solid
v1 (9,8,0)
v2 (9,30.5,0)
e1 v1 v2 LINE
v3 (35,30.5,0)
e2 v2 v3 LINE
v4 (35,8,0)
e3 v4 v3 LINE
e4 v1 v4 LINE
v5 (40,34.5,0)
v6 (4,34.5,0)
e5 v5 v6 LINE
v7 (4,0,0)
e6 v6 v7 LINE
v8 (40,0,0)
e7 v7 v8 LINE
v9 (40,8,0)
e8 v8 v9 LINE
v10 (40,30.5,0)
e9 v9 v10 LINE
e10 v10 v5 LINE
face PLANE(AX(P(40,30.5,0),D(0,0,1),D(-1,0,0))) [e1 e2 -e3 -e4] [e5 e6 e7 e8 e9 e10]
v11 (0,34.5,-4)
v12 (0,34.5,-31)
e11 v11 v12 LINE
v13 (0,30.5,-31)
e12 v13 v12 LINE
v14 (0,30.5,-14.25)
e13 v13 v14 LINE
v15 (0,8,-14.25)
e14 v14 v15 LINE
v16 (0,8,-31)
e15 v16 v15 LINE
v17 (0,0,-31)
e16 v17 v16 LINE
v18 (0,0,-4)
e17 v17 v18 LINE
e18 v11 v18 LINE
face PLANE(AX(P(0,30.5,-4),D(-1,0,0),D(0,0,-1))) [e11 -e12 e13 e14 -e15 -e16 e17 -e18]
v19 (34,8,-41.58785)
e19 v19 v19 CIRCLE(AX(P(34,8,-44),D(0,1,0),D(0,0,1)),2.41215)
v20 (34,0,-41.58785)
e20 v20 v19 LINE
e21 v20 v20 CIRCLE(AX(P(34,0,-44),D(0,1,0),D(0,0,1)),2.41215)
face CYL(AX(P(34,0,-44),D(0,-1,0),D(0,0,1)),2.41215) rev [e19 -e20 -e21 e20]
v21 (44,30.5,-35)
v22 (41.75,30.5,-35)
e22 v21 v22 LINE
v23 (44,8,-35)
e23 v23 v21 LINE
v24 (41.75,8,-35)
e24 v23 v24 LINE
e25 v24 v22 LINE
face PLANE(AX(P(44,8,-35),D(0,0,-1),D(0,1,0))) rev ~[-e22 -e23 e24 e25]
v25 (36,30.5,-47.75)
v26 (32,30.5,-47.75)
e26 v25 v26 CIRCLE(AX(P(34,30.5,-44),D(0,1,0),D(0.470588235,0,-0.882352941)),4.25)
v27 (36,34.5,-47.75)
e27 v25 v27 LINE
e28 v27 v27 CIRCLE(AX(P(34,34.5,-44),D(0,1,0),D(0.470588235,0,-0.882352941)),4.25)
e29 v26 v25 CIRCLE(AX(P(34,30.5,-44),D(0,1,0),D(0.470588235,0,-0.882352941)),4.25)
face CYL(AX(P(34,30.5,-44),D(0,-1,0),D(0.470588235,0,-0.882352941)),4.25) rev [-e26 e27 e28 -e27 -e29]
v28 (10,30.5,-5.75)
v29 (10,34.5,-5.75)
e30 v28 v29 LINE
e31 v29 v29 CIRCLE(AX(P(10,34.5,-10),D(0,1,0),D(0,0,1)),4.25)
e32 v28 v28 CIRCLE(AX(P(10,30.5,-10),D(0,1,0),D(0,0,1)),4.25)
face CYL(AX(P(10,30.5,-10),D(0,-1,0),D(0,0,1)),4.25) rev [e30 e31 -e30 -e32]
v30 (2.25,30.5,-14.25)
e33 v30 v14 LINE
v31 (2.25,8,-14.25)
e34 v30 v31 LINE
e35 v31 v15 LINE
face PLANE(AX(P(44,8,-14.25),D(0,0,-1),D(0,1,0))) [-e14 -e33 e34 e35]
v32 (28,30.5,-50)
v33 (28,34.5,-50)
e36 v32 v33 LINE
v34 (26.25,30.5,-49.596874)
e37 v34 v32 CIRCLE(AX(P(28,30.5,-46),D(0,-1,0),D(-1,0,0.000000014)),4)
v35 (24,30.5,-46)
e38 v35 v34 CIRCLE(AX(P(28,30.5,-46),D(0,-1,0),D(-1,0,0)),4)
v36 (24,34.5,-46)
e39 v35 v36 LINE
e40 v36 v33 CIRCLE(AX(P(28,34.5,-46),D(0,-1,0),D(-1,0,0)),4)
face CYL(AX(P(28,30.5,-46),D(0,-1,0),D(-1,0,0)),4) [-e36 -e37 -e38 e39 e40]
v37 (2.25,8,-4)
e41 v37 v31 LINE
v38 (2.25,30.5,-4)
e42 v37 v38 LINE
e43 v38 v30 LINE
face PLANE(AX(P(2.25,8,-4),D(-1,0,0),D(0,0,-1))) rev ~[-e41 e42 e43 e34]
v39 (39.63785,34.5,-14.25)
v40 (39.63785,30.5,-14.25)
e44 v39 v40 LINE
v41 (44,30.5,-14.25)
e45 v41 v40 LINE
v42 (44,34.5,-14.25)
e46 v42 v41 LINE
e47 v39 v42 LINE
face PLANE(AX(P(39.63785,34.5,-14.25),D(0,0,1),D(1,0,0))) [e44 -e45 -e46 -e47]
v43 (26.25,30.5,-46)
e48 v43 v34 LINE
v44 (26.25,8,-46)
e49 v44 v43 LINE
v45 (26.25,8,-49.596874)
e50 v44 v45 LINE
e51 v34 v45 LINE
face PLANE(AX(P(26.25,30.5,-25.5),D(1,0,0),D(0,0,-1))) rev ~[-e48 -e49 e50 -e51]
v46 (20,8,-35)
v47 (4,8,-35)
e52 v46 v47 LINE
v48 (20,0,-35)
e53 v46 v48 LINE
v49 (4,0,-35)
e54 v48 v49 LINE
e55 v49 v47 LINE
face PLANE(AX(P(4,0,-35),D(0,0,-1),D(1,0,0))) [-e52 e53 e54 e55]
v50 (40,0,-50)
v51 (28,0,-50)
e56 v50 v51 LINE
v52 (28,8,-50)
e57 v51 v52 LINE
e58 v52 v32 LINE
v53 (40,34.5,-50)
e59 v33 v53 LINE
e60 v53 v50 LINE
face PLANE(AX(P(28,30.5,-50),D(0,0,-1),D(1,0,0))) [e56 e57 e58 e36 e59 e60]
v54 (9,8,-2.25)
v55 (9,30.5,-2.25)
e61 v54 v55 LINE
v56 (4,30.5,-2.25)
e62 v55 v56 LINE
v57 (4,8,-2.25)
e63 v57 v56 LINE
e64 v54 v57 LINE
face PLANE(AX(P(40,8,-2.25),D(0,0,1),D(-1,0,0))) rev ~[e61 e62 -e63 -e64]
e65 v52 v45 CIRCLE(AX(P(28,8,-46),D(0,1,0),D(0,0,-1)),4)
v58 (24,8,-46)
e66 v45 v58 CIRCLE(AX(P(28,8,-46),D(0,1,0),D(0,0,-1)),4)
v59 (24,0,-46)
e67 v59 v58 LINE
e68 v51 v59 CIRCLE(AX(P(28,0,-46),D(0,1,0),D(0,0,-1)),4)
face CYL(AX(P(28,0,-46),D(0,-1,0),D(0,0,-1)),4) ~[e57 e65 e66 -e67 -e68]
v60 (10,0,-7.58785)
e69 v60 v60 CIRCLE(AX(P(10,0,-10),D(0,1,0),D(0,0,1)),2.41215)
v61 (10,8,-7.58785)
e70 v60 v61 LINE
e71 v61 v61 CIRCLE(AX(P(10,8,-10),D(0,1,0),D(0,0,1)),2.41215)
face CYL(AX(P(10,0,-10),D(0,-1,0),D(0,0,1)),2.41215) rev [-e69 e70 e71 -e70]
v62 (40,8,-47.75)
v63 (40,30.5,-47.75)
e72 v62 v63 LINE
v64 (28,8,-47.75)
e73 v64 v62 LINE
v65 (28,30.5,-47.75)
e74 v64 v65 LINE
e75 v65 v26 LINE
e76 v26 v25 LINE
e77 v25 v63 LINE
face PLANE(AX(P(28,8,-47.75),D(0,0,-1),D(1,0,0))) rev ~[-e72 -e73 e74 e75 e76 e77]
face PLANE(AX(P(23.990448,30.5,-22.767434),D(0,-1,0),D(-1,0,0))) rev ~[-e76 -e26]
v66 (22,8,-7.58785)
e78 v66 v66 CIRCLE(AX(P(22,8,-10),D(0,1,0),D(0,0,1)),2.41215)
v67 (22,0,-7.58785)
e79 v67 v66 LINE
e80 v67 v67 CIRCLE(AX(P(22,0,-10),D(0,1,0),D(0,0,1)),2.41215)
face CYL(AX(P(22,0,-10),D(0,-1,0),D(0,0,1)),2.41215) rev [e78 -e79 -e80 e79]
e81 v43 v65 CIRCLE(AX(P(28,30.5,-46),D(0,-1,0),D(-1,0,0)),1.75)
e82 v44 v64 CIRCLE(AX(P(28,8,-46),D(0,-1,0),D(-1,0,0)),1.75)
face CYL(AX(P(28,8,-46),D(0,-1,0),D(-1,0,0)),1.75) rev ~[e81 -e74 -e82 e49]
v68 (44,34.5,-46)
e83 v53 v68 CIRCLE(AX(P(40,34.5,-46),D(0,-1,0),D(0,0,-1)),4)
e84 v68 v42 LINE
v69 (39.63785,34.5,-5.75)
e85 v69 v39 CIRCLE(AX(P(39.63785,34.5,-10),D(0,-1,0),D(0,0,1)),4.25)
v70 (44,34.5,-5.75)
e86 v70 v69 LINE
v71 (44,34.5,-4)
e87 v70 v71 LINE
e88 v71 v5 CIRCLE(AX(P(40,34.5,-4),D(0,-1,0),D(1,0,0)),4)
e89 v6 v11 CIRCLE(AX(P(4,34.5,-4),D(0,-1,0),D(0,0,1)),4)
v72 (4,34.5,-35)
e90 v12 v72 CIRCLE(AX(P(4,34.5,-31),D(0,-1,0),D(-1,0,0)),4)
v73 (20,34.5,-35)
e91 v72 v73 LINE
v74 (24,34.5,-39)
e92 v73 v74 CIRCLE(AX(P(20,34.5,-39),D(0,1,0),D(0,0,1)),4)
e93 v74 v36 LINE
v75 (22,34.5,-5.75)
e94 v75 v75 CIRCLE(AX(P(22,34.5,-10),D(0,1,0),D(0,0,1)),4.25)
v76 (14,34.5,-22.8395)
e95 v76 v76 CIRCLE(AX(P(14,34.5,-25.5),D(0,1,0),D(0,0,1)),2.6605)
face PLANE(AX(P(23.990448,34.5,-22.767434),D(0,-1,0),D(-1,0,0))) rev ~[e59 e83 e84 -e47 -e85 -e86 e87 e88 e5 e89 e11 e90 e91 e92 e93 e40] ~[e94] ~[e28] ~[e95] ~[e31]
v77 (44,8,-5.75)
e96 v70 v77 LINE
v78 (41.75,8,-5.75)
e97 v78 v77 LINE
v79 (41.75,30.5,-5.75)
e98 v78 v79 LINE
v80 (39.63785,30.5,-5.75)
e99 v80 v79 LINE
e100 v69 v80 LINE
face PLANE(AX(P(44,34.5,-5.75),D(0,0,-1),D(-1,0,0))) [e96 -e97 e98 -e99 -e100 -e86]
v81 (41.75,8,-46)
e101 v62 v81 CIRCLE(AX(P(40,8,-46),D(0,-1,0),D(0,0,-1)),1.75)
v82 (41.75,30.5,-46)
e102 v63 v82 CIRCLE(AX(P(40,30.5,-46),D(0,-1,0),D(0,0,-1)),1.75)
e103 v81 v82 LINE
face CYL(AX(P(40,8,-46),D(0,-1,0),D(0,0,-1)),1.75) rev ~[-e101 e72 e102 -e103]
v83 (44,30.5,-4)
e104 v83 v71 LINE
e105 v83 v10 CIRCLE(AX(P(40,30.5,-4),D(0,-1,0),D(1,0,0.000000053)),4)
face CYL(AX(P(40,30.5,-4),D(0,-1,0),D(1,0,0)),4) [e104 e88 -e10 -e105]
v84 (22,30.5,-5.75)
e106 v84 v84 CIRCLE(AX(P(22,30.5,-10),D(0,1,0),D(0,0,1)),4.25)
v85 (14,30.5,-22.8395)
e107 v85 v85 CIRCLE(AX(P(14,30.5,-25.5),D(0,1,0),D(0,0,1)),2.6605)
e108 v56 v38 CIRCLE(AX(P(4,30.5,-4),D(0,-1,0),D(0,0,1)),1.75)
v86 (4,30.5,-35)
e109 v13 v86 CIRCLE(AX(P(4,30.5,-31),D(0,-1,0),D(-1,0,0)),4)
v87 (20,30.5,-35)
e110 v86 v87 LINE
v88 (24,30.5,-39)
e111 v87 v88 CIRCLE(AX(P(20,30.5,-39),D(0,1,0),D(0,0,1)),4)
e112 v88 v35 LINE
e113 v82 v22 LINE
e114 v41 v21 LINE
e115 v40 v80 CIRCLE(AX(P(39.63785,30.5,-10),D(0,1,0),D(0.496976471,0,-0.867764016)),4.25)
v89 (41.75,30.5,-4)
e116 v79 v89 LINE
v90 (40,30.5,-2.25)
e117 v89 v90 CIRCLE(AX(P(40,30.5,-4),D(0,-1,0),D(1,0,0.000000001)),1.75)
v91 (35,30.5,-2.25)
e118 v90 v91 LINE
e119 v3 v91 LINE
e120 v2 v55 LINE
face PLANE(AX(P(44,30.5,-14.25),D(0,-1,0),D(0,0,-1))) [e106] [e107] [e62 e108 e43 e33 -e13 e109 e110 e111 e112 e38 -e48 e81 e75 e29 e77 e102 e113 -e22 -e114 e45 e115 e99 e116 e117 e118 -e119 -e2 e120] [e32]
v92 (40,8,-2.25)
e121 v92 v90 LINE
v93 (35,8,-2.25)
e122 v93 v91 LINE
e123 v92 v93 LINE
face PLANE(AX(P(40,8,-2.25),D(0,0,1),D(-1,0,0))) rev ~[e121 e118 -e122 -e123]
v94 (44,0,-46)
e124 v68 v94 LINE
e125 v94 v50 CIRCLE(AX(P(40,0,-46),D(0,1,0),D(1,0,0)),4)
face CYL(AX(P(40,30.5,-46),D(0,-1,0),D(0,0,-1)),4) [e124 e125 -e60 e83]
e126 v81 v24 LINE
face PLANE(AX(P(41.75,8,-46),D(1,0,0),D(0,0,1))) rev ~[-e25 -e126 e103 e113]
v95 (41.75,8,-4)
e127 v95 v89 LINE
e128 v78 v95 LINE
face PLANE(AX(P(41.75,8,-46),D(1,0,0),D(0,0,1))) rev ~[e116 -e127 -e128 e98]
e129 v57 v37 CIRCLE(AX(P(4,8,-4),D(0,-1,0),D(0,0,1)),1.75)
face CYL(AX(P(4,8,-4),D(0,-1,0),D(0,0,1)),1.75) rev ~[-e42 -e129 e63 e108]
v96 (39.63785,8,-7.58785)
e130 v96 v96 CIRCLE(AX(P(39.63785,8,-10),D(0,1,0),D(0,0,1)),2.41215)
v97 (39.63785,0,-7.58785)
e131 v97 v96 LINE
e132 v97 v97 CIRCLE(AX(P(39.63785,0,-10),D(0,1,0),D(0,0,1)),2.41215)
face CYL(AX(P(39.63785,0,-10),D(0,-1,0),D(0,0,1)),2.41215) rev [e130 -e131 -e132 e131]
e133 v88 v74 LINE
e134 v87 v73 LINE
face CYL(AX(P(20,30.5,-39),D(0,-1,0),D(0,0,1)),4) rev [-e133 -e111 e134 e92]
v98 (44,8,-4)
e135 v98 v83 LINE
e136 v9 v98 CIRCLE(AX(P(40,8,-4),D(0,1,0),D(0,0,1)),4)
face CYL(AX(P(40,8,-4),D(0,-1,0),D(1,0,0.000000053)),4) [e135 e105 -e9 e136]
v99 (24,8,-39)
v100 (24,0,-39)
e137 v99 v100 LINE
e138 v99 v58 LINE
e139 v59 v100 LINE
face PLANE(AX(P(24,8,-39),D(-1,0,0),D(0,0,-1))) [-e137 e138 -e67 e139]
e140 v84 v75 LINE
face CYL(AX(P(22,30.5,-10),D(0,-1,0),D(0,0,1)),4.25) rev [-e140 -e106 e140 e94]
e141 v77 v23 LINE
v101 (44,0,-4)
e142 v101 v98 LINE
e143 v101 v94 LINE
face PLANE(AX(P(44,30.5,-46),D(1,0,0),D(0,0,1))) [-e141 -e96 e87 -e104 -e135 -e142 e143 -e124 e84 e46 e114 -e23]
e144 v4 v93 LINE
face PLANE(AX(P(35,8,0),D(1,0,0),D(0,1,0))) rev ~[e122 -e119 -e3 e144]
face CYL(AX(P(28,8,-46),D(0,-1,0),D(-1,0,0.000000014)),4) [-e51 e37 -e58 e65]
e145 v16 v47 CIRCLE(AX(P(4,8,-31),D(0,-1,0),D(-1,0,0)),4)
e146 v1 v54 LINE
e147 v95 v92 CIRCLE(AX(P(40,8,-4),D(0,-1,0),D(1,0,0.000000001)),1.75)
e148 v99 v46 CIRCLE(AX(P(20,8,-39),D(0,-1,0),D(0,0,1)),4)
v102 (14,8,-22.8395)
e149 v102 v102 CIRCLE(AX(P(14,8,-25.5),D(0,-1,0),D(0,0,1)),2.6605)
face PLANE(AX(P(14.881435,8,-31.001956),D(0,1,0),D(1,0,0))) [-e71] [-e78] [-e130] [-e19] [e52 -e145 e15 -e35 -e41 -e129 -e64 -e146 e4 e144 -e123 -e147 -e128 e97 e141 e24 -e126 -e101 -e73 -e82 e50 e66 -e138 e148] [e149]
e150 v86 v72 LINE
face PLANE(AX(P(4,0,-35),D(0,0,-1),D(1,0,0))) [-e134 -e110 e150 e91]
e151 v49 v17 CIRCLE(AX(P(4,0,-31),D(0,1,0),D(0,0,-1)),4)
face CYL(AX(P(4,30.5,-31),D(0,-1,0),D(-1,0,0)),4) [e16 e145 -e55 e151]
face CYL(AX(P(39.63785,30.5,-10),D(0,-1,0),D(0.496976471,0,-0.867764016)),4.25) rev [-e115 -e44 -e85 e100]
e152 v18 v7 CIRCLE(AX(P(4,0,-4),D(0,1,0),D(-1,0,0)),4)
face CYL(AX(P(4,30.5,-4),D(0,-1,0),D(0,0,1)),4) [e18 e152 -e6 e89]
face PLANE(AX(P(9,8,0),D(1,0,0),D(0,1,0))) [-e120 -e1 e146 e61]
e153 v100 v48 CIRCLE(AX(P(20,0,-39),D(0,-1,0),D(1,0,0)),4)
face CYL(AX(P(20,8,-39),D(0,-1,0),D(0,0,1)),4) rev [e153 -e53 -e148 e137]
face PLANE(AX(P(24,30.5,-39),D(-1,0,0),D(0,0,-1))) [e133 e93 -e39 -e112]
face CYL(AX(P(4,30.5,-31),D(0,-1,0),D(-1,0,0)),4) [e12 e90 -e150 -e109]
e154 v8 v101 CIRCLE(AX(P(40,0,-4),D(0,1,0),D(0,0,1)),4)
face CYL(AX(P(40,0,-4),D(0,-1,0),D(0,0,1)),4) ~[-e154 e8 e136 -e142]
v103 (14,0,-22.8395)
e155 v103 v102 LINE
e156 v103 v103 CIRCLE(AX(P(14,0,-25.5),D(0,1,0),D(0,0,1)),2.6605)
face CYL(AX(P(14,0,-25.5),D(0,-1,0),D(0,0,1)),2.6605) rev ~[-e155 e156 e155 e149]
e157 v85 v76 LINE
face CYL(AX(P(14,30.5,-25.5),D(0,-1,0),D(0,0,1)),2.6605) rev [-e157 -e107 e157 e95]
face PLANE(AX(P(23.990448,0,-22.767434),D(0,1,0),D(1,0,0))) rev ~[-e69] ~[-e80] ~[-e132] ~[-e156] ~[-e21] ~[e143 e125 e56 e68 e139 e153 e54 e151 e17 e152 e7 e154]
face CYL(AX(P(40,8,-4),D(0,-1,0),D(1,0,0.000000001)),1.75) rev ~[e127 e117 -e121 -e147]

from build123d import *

# Parameters (mm, degrees)
SKETCH1_R           = 2.41215
SKETCH1_R_2         = 2.6605
BOSS_EXTRUDE1_DEPTH = 8
BOSS_EXTRUDE2_DEPTH = 22.5
CUT_EXTRUDE1_DEPTH  = 22.5
SKETCH4_R           = 4.25
SKETCH4_R_2         = 2.6605
BOSS_EXTRUDE3_DEPTH = 4
CUT_EXTRUDE2_REACH  = 77.008
SKETCH6_R           = 10
BOSS_EXTRUDE4_DEPTH = 6
SKETCH7_R           = 2.6605
SKETCH7_W           = 16
SKETCH7_H           = 5
CUT_EXTRUDE3_DEPTH  = 76.00833287
SKETCH8_W           = 20.75
SKETCH8_H           = 22.5
CUT_EXTRUDE4_DEPTH  = 76.00833287
SKETCH9_W           = 26
SKETCH9_H           = 22.5
CUT_EXTRUDE5_DEPTH  = 2.25


with BuildPart() as part:
    # Sketch1 → Boss-Extrude1 (new body)
    with BuildSketch(Plane(origin=(0, 0, 0), x_dir=(1, 0, 0), z_dir=(0, 1, 0))):
        with BuildLine():
            Line((4, 0), (40, 0))
            ThreePointArc((40, 0), (42.828427125, 1.171572875), (44, 4))
            Line((44, 4), (44, 46))
            ThreePointArc((44, 46), (42.828427125, 48.828427125), (40, 50))
            Line((40, 50), (28, 50))
            ThreePointArc((28, 50), (25.171572875, 48.828427125), (24, 46))
            Line((24, 46), (24, 39))
            ThreePointArc((24, 39), (22.828427125, 36.171572875), (20, 35))
            Line((20, 35), (4, 35))
            ThreePointArc((4, 35), (1.171572875, 33.828427125), (0, 31))
            Line((0, 31), (0, 4))
            ThreePointArc((0, 4), (1.171572875, 1.171572875), (4, 0))
        make_face()
        with Locations(Location((34, 44, 0), (0, 0, 270))):
            Circle(SKETCH1_R, mode=Mode.SUBTRACT)
        with Locations(Location((14, 25.5, 0), (0, 0, 270))):
            Circle(SKETCH1_R_2, mode=Mode.SUBTRACT)
        with Locations(Location((10, 10, 0), (0, 0, 270))):
            Circle(SKETCH1_R, mode=Mode.SUBTRACT)
        with Locations(Location((22, 10, 0), (0, 0, 270))):
            Circle(SKETCH1_R, mode=Mode.SUBTRACT)
        with Locations(Location((39.63785, 10, 0), (0, 0, 270))):
            Circle(SKETCH1_R, mode=Mode.SUBTRACT)
    extrude(amount=BOSS_EXTRUDE1_DEPTH)

    # Sketch2 → Boss-Extrude2 (add)
    with BuildSketch(Plane(origin=(0, 8, 0), x_dir=(1, 0, 0), z_dir=(0, 1, 0))):
        with BuildLine():
            Line((4, 35), (20, 35))
            ThreePointArc((20, 35), (22.828427125, 36.171572875), (24, 39))
            Line((24, 39), (24, 46))
            ThreePointArc((24, 46), (25.171572838, 48.828427121), (27.999999942, 50))
            Line((27.999999942, 50), (40, 50))
            ThreePointArc((40, 50), (42.828427125, 48.828427125), (44, 46))
            Line((44, 46), (44, 4))
            ThreePointArc((44, 4), (42.828426987, 1.171572862), (39.999999786, 0))
            Line((39.999999786, 0), (4, 0))
            ThreePointArc((4, 0), (1.171572875, 1.171572875), (0, 4))
            Line((0, 4), (0, 31))
            ThreePointArc((0, 31), (1.171572875, 33.828427125), (4, 35))
        make_face()
        with BuildLine():
            Line((41.75, 46), (41.75, 4.000000214))
            ThreePointArc((41.75, 4.000000214), (41.237436804, 2.762563196), (39.999999786, 2.25))
            Line((39.999999786, 2.25), (4, 2.25))
            ThreePointArc((4, 2.25), (2.762563133, 2.762563133), (2.25, 4))
            Line((2.25, 4), (2.25, 31))
            ThreePointArc((2.25, 31), (2.762563133, 32.237436867), (4, 32.75))
            Line((4, 32.75), (20, 32.75))
            ThreePointArc((20, 32.75), (24.419417382, 34.580582618), (26.25, 39))
            Line((26.25, 39), (26.25, 46.000000058))
            ThreePointArc((26.25, 46.000000058), (26.762563116, 47.237436884), (27.999999942, 47.75))
            Line((27.999999942, 47.75), (40, 47.75))
            ThreePointArc((40, 47.75), (41.237436867, 47.237436867), (41.75, 46))
        make_face(mode=Mode.SUBTRACT)
    extrude(amount=BOSS_EXTRUDE2_DEPTH)

    # Sketch3 → Cut-Extrude1 (cut)
    with BuildSketch(Plane(origin=(0, 30.5, 0), x_dir=(1, 0, 0), z_dir=(0, 1, 0))):
        with BuildLine():
            Line((26.25, 50), (14, 50))
            Line((14, 50), (14, 36.5))
            ThreePointArc((14, 36.5), (6.221825407, 33.278174593), (3, 25.5))
            Line((3, 25.5), (0, 25.5))
            Line((0, 25.5), (0, 14.5))
            Line((0, 14.5), (14, 14.5))
            ThreePointArc((14, 14.5), (21.778174593, 17.721825407), (25, 25.5))
            Line((25, 25.5), (26.25, 25.5))
            Line((26.25, 25.5), (26.25, 50))
        make_face()
    extrude(amount=-CUT_EXTRUDE1_DEPTH, mode=Mode.SUBTRACT)

    # Sketch4 → Boss-Extrude3 (add)
    with BuildSketch(Plane(origin=(0, 30.5, 0), x_dir=(1, 0, 0), z_dir=(0, 1, 0))):
        with BuildLine():
            Line((28, 50), (40, 50))
            ThreePointArc((40, 50), (42.828427125, 48.828427125), (44, 46))
            Line((44, 46), (44, 4))
            ThreePointArc((44, 4), (42.828427125, 1.171572875), (40, 0))
            Line((40, 0), (4, 0))
            ThreePointArc((4, 0), (1.171572875, 1.171572875), (0, 4))
            Line((0, 4), (0, 31))
            ThreePointArc((0, 31), (1.171572875, 33.828427125), (4, 35))
            Line((4, 35), (20, 35))
            ThreePointArc((20, 35), (22.828427125, 36.171572875), (24, 39))
            Line((24, 39), (24, 46))
            ThreePointArc((24, 46), (25.171572875, 48.828427125), (28, 50))
        make_face()
        with Locations(Location((34, 44, 0), (0, 0, 61.927513064))):
            Circle(SKETCH4_R, mode=Mode.SUBTRACT)
        with Locations(Location((14, 25.5, 0), (0, 0, 270))):
            Circle(SKETCH4_R_2, mode=Mode.SUBTRACT)
        with Locations(Location((22, 10, 0), (0, 0, 270))):
            Circle(SKETCH4_R, mode=Mode.SUBTRACT)
        with Locations(Location((10, 10, 0), (0, 0, 270))):
            Circle(SKETCH4_R, mode=Mode.SUBTRACT)
        with Locations(Location((39.63785, 10, 0), (0, 0, 60.199834302))):
            Circle(SKETCH4_R, mode=Mode.SUBTRACT)
    extrude(amount=BOSS_EXTRUDE3_DEPTH)

    # Cut-Extrude2: up to this face of the body (flat: up to its plane)
    cut_extrude2_end = Plane(part.part.faces().sort_by_distance((23.387741141, 8, -22.067767212))[0])
    # Sketch5 → Cut-Extrude2 (cut, up to the picked face)
    with BuildSketch(Plane(origin=(0, 34.5, 0), x_dir=(1, 0, 0), z_dir=(0, 1, 0)), mode=Mode.PRIVATE) as cut_extrude2_sk1:
        with BuildLine():
            Line((39.63785, 14.25), (44, 14.25))
            Line((44, 14.25), (44, 5.75))
            Line((44, 5.75), (39.63785, 5.75))
            ThreePointArc((39.63785, 5.75), (35.38785, 10), (39.63785, 14.25))
        make_face()
    cut_extrude2_tool1 = split(extrude(cut_extrude2_sk1.sketch, amount=-CUT_EXTRUDE2_REACH, mode=Mode.PRIVATE), bisect_by=cut_extrude2_end, keep=Keep.BOTH, mode=Mode.PRIVATE)
    add(cut_extrude2_tool1.solids().sort_by(Axis((40.091525, 34.5, -10), (0, -1, 0)))[0], mode=Mode.SUBTRACT)

    # Sketch6 → Boss-Extrude4 (add)
    with BuildSketch(Plane(origin=(0, 8, 0), x_dir=(1, 0, 0), z_dir=(0, 1, 0))):
        with Locations(Location((14, 25.5, 0), (0, 0, 108.194872339))):
            Circle(SKETCH6_R)
    extrude(amount=BOSS_EXTRUDE4_DEPTH)

    # Sketch7 → Cut-Extrude3 (cut, through all)
    with BuildSketch(Plane.XZ):
        with Locations(Location((14, -25.5, 0), (0, 0, 90))):
            Circle(SKETCH7_R)
        with Locations((12, -37.5)):
            Rectangle(SKETCH7_W, SKETCH7_H)
    extrude(amount=-CUT_EXTRUDE3_DEPTH, mode=Mode.SUBTRACT)

    # Sketch8 → Cut-Extrude4 (cut, through all)
    with BuildSketch(Plane(origin=(44, 0, 0), x_dir=(0, 0, -1), z_dir=(1, 0, 0))):
        with Locations((24.625, 19.25)):
            Rectangle(SKETCH8_W, SKETCH8_H)
    extrude(amount=-CUT_EXTRUDE4_DEPTH, mode=Mode.SUBTRACT)

    # Sketch9 → Cut-Extrude5 (cut)
    with BuildSketch(Plane.XY):
        with Locations((22, 19.25)):
            Rectangle(SKETCH9_W, SKETCH9_H)
    extrude(amount=-CUT_EXTRUDE5_DEPTH, mode=Mode.SUBTRACT)


solid = part.part
